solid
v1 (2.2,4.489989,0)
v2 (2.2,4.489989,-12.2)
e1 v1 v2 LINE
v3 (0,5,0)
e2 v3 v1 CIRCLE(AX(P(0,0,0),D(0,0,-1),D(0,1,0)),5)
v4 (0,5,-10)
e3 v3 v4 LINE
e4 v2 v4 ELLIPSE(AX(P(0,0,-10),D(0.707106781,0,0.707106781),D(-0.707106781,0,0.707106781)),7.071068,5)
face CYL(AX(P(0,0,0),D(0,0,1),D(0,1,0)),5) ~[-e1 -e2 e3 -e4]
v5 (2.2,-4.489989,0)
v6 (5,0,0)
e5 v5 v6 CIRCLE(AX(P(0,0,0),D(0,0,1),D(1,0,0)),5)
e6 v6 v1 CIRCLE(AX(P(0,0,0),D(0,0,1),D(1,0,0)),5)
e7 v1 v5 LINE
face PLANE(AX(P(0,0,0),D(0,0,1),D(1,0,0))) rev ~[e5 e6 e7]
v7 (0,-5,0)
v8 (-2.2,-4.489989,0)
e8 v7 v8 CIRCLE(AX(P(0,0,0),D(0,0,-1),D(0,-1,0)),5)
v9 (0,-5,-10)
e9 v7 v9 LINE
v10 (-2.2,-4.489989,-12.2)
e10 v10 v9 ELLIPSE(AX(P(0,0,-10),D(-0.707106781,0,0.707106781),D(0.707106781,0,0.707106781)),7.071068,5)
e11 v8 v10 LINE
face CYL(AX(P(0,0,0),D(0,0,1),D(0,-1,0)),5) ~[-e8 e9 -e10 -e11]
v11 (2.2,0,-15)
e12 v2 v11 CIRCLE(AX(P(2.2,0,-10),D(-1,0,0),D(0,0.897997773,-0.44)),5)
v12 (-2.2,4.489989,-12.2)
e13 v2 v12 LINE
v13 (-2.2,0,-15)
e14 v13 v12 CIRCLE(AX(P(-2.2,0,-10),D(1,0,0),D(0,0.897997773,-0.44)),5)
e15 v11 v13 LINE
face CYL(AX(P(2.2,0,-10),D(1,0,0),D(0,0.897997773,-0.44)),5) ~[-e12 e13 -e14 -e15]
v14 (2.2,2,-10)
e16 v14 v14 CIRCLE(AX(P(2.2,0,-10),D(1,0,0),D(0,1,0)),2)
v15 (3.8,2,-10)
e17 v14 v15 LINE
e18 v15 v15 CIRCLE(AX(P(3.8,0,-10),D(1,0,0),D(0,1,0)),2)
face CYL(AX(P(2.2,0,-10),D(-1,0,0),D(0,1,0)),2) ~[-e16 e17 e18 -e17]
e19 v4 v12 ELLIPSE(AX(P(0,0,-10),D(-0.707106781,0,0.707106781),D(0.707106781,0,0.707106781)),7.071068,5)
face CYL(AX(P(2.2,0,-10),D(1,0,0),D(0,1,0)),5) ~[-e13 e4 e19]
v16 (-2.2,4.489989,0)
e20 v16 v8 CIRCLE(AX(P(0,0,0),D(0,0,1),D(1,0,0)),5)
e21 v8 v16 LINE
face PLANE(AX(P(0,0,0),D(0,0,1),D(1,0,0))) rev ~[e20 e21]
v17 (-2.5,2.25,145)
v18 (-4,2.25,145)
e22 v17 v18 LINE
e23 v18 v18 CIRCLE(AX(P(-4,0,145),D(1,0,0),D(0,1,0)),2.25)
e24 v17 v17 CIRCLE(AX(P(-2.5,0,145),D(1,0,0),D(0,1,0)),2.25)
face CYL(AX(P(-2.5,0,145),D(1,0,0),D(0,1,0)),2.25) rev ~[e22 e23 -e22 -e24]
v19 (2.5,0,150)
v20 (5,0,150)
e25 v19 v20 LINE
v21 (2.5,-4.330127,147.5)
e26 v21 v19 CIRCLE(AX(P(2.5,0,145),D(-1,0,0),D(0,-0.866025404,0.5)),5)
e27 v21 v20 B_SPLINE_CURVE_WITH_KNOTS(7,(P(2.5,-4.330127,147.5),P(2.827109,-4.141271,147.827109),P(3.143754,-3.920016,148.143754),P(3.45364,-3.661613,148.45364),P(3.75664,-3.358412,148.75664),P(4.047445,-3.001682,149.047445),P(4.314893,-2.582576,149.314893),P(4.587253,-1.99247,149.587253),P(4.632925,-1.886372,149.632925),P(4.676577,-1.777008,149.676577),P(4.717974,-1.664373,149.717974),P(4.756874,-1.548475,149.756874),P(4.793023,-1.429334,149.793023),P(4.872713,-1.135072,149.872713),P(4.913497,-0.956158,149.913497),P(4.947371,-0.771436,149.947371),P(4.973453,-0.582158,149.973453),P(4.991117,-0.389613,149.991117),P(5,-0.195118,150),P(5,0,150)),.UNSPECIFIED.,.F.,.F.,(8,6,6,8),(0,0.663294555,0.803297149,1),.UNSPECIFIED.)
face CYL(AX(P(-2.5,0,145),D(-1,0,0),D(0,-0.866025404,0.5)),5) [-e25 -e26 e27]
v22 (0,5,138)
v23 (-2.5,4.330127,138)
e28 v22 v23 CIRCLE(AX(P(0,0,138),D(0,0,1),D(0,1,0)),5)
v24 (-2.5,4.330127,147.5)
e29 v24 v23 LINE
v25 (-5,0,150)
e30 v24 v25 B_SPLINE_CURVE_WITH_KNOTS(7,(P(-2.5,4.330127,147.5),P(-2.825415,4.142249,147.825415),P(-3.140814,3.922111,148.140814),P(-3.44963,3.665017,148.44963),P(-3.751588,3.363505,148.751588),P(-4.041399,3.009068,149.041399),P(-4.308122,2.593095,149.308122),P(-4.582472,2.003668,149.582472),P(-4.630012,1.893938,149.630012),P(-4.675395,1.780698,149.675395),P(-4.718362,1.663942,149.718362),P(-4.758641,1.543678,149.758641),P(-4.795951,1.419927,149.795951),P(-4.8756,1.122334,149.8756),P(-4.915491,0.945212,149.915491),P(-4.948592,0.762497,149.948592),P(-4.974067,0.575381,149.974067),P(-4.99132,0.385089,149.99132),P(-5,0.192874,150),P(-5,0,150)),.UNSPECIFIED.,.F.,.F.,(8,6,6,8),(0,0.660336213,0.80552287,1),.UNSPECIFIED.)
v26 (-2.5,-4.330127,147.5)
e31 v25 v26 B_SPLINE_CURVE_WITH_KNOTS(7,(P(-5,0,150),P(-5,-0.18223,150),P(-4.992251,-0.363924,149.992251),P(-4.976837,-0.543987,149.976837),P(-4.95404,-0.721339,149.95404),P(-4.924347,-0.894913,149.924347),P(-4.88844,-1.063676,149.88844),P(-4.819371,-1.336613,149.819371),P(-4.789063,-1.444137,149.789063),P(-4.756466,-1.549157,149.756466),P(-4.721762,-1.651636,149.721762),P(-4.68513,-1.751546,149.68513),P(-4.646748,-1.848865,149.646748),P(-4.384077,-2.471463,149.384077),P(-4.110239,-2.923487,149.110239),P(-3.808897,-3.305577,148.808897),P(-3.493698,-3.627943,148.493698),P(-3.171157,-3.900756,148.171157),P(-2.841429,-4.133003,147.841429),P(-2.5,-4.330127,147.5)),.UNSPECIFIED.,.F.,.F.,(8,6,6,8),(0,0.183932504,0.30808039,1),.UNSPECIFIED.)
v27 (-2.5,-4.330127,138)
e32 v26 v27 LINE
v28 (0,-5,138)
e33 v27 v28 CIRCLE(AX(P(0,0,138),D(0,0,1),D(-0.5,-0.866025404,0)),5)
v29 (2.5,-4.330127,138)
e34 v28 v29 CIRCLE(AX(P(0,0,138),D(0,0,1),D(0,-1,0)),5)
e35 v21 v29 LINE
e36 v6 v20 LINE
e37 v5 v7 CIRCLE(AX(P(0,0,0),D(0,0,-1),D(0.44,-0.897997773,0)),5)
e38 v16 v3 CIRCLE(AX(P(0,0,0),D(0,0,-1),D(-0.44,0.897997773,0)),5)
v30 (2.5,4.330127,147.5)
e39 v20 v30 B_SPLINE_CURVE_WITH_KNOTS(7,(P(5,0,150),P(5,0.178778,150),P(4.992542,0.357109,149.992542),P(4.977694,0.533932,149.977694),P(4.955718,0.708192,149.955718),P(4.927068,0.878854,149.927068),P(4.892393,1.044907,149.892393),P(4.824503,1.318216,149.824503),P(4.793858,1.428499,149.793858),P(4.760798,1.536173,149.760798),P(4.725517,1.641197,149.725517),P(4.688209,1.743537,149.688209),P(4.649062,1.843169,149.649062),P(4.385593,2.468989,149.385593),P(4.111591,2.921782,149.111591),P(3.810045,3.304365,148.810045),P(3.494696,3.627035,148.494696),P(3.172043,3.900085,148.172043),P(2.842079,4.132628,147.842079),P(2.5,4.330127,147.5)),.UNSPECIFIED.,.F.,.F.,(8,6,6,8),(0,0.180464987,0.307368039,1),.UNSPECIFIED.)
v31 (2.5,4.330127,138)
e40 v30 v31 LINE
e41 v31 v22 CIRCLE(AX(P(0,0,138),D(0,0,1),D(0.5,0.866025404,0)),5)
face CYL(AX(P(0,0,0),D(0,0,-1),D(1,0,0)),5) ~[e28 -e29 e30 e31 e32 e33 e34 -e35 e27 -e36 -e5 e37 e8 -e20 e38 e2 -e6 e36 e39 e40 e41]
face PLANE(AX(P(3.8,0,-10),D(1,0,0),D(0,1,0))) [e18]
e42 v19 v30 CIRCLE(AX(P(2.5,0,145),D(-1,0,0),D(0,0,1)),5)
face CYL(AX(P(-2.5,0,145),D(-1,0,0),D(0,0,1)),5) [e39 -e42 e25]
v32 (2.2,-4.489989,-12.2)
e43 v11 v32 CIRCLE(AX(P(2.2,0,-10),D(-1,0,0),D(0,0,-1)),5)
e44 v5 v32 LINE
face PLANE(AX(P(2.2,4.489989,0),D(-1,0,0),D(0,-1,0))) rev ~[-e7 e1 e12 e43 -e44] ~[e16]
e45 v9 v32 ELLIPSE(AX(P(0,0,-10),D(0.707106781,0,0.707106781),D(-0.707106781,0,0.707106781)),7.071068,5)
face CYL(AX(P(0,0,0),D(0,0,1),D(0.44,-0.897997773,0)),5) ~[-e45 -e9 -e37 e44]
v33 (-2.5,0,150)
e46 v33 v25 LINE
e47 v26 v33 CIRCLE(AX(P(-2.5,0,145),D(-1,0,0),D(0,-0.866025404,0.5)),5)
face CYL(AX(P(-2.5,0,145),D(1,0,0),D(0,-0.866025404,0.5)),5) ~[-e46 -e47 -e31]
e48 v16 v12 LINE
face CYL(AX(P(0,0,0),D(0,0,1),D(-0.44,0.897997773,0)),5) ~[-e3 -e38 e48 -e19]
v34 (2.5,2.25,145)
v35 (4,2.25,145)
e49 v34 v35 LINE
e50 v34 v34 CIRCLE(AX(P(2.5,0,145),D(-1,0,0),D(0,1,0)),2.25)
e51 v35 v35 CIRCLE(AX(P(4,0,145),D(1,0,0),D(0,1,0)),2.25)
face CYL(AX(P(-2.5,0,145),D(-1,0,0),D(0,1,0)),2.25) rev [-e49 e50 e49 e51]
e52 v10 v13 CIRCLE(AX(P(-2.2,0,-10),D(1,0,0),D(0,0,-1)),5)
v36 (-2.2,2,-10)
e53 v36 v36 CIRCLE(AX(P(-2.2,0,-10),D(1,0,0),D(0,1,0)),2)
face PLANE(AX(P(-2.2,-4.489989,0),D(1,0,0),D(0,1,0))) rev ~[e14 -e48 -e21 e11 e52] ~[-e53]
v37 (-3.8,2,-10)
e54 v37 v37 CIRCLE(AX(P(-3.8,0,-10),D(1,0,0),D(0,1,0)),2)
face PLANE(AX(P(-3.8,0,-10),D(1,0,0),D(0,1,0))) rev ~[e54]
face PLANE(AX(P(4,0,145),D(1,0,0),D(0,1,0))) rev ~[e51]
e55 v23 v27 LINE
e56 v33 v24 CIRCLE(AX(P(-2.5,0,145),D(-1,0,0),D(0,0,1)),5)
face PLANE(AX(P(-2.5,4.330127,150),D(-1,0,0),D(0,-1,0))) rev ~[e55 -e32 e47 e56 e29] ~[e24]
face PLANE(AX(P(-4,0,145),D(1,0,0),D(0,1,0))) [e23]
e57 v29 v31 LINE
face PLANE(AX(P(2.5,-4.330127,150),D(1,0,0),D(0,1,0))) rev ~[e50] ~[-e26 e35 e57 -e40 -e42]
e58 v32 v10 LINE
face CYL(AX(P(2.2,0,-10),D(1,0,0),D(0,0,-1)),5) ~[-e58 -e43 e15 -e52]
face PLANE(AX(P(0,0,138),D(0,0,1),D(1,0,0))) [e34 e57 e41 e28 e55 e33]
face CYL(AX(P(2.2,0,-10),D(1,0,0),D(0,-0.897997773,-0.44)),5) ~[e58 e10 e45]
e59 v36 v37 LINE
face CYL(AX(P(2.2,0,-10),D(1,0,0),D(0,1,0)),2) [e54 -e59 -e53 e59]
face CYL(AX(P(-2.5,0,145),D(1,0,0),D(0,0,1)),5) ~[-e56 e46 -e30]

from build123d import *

# Parameters (mm, degrees)
F0_R           = 5
F1_DEPTH       = 150
F3_DEPTH       = 15
F5_DEPTH       = 25
F6_R           = 2
F7_DEPTH       = 1.6
F7_DEPTH_BACK  = 6
F9_DEPTH       = 12
F10_R          = 2.25
F11_DEPTH      = 1.5
F11_DEPTH_BACK = 6.5
F13_DEPTH      = 2.501
F13_DEPTH_BACK = 7.501


with BuildPart() as f1:
    # F0 (on Top) → F1 (new body)
    with BuildSketch(Plane.XY):
        Circle(F0_R)
    extrude(amount=F1_DEPTH)

    # F2 (on face) → F3 (join)
    with BuildSketch(Plane(origin=(0, 0, 0), x_dir=(1, 0, 0), z_dir=(0, 0, -1))):
        with BuildLine():
            ThreePointArc((2.2, 4.4899888641), (1.1291713066, 4.8708286934), (0, 5))
            ThreePointArc((0, 5), (-1.1291713066, 4.8708286934), (-2.2, 4.4899888641))
            Line((-2.2, 4.4899888641), (-2.2, -4.4899888641))
            ThreePointArc((-2.2, -4.4899888641), (-1.1291713066, -4.8708286934), (0, -5))
            ThreePointArc((0, -5), (1.1291713066, -4.8708286934), (2.2, -4.4899888641))
            Line((2.2, -4.4899888641), (2.2, 4.4899888641))
        make_face()
    extrude(amount=F3_DEPTH)

    # F4 (on face) → F5 (cut)
    with BuildSketch(Plane.YZ.offset(2.2)):
        with BuildLine():
            Line((5, -15), (5, -10))
            ThreePointArc((5, -10), (4.8708286934, -11.1291713066), (4.4899888641, -12.2))
            Line((4.4899888641, -12.2), (4.4899888641, -15))
            Line((4.4899888641, -15), (5, -15))
        make_face()
        with BuildLine():
            Line((4.4899888641, -15), (4.4899888641, -12.2))
            ThreePointArc((4.4899888641, -12.2), (2.6457513111, -14.2426406871), (0, -15))
            Line((0, -15), (4.4899888641, -15))
        make_face()
        with BuildLine():
            Line((-4.4899888641, -15), (0, -15))
            ThreePointArc((0, -15), (-2.6457513111, -14.2426406871), (-4.4899888641, -12.2))
            Line((-4.4899888641, -12.2), (-4.4899888641, -15))
        make_face()
        with BuildLine():
            ThreePointArc((-4.4899888641, -12.2), (-4.8708286934, -11.1291713066), (-5, -10))
            Line((-5, -10), (-5, -15))
            Line((-5, -15), (-4.4899888641, -15))
            Line((-4.4899888641, -15), (-4.4899888641, -12.2))
        make_face()
    extrude(amount=-F5_DEPTH, mode=Mode.SUBTRACT)

    # F6 (on face) → F7 (join, two sides)
    with BuildSketch(Plane.YZ.offset(2.2)) as f7_sk:
        with Locations((0, -10)):
            Circle(F6_R)
    extrude(amount=F7_DEPTH)
    extrude(f7_sk.sketch, amount=-F7_DEPTH_BACK)

    # F8 (on face) → F9 (cut)
    with BuildSketch(Plane.XY.offset(150)):
        with BuildLine():
            ThreePointArc((2.5, 4.3301270189), (1.2940952255, 4.8296291314), (0, 5))
            ThreePointArc((0, 5), (-1.2940952255, 4.8296291314), (-2.5, 4.3301270189))
            Line((-2.5, 4.3301270189), (-2.5, -4.3301270189))
            ThreePointArc((-2.5, -4.3301270189), (-1.2940952255, -4.8296291314), (0, -5))
            ThreePointArc((0, -5), (1.2940952255, -4.8296291314), (2.5, -4.3301270189))
            Line((2.5, -4.3301270189), (2.5, 4.3301270189))
        make_face()
    extrude(amount=-F9_DEPTH, mode=Mode.SUBTRACT)

    # F10 (on face) → F11 (cut, two sides)
    with BuildSketch(Plane.YZ.offset(-2.5)) as f11_sk:
        with Locations((0, 145)):
            Circle(F10_R)
    extrude(amount=-F11_DEPTH, mode=Mode.SUBTRACT)
    extrude(f11_sk.sketch, amount=F11_DEPTH_BACK, mode=Mode.SUBTRACT)

    # F12 (on face) → F13 (cut, two sides)
    with BuildSketch(Plane.YZ.offset(-2.5)) as f13_sk:
        with BuildLine():
            ThreePointArc((0, 150), (2.5, 149.3301270189), (4.3301270189, 147.5))
            Line((4.3301270189, 147.5), (4.3301270189, 150))
            Line((4.3301270189, 150), (0, 150))
        make_face()
        with BuildLine():
            ThreePointArc((-4.3301270189, 147.5), (-2.5, 149.3301270189), (0, 150))
            Line((0, 150), (-4.3301270189, 150))
            Line((-4.3301270189, 150), (-4.3301270189, 147.5))
        make_face()
    extrude(amount=-F13_DEPTH, mode=Mode.SUBTRACT)
    extrude(f13_sk.sketch, amount=F13_DEPTH_BACK, mode=Mode.SUBTRACT)


solid = f1.part
